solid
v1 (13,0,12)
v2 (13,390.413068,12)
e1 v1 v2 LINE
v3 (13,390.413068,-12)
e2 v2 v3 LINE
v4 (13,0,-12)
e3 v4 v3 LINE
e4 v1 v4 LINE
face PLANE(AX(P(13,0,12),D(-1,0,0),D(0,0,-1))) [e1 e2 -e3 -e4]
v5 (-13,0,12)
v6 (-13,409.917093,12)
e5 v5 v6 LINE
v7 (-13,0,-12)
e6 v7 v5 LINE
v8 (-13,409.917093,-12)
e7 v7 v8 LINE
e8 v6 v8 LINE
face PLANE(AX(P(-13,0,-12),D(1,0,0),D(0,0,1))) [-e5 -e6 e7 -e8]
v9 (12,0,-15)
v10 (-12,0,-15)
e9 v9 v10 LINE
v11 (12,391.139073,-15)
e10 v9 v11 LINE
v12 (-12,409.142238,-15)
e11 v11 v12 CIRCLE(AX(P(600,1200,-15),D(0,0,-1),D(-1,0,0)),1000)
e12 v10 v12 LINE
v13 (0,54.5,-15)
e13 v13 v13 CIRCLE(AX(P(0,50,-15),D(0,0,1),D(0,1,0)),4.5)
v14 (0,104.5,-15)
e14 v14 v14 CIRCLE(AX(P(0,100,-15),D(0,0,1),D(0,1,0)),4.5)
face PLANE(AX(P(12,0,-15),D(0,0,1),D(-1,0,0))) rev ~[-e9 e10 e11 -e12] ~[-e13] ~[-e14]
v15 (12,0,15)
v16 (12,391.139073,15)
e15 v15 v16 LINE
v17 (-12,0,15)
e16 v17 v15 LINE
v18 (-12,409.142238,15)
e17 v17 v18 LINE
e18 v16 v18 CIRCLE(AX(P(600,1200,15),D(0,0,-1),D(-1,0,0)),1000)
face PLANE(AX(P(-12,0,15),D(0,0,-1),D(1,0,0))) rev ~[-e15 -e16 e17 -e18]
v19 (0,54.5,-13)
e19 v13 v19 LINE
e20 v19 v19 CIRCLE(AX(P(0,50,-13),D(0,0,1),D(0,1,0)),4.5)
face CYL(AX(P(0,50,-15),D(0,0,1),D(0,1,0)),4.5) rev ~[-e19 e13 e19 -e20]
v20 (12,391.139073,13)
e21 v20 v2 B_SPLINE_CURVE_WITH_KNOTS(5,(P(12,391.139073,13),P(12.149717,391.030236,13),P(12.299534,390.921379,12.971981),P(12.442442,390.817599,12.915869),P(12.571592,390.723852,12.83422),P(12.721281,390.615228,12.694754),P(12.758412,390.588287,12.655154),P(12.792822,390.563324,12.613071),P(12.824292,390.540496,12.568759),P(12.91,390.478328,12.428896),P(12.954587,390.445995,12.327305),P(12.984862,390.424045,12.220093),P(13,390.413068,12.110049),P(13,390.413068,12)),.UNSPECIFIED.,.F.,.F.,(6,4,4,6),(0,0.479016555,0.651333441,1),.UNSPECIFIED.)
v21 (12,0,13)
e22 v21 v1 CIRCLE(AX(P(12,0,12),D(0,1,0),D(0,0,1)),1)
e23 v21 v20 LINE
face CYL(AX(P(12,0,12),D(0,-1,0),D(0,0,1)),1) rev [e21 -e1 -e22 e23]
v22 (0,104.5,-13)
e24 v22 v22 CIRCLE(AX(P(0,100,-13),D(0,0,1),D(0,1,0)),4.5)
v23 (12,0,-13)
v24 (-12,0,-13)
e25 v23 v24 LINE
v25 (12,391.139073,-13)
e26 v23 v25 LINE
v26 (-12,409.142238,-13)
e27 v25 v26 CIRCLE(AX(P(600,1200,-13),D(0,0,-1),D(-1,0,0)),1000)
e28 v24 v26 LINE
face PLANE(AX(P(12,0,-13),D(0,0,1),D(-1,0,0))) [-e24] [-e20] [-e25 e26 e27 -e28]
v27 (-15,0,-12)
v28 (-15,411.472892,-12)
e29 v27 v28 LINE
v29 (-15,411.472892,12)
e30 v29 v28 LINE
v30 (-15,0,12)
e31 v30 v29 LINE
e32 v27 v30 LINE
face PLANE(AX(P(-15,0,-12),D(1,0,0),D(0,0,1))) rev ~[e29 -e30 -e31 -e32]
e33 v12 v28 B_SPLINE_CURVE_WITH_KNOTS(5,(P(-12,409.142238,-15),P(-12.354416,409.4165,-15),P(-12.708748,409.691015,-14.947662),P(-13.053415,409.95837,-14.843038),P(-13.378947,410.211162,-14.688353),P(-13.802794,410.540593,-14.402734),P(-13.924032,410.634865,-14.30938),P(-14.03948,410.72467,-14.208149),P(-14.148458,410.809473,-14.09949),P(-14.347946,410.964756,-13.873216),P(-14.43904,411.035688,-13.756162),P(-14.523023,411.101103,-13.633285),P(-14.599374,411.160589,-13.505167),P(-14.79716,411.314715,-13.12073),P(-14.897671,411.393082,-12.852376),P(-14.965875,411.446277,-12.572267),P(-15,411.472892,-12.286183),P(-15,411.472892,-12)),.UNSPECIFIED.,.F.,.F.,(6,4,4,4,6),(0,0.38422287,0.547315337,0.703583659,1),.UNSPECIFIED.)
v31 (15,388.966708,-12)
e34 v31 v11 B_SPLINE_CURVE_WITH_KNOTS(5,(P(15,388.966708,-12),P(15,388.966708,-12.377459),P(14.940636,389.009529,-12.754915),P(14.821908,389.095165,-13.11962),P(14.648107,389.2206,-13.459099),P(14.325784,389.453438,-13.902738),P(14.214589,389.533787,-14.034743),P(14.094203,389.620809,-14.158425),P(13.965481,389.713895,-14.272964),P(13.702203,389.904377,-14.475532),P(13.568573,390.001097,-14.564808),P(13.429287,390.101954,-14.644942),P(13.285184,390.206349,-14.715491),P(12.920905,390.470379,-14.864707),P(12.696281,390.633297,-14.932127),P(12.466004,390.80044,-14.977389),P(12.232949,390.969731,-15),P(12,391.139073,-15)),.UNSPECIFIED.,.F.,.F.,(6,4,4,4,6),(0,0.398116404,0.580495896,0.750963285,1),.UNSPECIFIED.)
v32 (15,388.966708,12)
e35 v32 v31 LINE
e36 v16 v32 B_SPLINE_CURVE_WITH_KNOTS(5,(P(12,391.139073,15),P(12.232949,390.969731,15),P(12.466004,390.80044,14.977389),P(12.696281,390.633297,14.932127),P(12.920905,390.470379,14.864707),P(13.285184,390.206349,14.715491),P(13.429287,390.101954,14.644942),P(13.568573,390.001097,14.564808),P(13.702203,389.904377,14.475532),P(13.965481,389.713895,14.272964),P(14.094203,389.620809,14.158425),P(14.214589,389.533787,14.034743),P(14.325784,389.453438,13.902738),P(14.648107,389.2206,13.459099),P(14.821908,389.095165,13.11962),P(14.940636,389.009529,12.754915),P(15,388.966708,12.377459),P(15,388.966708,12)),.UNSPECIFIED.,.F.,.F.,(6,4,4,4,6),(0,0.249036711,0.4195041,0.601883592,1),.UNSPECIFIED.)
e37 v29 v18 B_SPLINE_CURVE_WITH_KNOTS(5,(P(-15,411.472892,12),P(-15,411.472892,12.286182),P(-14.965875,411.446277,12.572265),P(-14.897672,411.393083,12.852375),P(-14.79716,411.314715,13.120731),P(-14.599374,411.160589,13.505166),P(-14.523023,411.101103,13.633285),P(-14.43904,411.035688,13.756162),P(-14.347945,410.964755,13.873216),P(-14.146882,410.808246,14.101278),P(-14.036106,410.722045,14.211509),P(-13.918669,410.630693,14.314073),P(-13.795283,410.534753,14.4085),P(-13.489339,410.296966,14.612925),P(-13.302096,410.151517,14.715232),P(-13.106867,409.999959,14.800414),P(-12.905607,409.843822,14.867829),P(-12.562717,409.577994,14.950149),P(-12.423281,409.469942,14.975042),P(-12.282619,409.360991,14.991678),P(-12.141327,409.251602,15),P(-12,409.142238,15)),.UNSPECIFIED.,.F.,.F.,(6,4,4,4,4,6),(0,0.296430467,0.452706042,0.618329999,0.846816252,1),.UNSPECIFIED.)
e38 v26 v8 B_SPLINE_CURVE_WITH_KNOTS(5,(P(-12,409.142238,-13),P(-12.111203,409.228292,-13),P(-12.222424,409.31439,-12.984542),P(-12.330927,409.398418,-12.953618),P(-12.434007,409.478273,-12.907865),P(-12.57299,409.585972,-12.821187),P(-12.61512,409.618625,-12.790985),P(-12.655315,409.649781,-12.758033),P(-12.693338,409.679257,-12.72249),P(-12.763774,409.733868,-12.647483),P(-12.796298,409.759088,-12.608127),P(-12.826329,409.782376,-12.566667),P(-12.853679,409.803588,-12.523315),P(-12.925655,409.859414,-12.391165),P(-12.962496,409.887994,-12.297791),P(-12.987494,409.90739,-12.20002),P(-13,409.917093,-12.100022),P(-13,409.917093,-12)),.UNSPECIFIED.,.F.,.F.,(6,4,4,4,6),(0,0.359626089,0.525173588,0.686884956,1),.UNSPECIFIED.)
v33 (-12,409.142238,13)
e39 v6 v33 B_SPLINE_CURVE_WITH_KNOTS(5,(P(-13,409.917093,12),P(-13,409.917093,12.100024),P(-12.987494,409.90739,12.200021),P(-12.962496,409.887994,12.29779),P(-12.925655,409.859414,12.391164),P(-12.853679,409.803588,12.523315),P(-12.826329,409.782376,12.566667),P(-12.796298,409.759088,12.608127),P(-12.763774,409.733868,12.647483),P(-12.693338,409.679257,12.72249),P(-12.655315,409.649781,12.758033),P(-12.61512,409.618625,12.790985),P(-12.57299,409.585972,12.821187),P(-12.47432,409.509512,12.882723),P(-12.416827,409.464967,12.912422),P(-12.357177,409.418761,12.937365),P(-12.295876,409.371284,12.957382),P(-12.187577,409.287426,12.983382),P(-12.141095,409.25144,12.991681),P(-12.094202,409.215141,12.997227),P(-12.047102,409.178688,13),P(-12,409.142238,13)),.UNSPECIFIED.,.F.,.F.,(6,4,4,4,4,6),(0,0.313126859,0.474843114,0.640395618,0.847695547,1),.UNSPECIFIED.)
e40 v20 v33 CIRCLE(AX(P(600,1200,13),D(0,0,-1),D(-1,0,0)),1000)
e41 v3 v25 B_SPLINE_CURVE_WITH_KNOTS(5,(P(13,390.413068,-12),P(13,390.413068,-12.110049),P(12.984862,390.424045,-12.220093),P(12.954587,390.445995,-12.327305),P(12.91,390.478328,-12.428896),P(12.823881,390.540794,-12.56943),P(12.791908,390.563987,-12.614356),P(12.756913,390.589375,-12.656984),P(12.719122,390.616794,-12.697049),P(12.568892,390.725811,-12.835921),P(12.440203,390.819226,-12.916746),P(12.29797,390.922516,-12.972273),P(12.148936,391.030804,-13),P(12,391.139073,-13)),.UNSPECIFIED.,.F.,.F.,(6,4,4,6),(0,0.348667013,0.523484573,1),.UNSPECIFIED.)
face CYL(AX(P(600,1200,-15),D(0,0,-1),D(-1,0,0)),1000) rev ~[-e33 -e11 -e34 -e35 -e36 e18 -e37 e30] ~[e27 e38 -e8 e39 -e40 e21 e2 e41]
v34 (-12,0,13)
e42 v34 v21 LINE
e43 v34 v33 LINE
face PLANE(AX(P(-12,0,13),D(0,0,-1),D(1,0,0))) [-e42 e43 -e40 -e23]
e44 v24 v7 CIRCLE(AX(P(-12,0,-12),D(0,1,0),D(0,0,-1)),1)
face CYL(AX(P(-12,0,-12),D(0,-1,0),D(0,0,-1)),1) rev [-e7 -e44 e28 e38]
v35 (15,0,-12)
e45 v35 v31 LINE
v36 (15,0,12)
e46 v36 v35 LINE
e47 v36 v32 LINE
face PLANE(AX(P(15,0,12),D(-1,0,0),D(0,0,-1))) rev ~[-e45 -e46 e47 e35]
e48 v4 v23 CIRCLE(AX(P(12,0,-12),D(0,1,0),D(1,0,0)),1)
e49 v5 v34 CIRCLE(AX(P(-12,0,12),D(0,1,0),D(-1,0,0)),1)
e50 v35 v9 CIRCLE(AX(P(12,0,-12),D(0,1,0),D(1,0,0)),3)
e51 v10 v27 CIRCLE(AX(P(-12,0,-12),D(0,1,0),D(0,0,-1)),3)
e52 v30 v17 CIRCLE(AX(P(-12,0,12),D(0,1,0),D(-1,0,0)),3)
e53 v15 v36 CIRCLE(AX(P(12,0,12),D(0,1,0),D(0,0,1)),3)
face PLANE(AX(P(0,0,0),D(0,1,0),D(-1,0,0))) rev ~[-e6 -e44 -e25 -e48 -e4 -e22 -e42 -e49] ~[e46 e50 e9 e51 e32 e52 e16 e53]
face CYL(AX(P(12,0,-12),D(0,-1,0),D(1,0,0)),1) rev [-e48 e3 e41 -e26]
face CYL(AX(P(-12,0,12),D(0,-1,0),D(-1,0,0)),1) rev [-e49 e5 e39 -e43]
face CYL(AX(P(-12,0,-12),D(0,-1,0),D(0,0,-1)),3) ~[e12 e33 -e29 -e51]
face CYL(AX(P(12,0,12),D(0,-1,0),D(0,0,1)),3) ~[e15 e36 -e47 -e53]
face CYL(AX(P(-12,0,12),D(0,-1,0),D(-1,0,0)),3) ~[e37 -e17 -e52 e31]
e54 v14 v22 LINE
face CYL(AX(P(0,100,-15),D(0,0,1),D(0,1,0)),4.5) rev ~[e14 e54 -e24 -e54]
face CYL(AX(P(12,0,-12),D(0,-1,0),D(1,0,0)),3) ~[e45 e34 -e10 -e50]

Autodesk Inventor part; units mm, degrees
ref_plane "XZ Plane" through (0, 0, 0) normal (0, 1, 0) x (-1, 0, 0)
sketch "Sketch1" plane through (0, 0, 0) normal (0, 1, 0) x (-1, 0, 0)
  line L0 (-12, 14) -> (12, 14) construction
  line L1 (14, 12) -> (14, -12) construction
  line L2 (12, -14) -> (-12, -14) construction
  line L3 (-14, -12) -> (-14, 12) construction
  line L4 (-14, 14) -> (14, -14) construction
  line L5 (14, 14) -> (-14, -14) construction
  arc A0 (14, 12) -> (12, 14) centre (12, 12) ccw construction
  arc A1 (12, -14) -> (14, -12) centre (12, -12) ccw construction
  arc A2 (-14, -12) -> (-12, -14) centre (-12, -12) ccw construction
  arc A3 (-12, 14) -> (-14, 12) centre (-12, 12) ccw construction
  line L6 (-12, -15) -> (12, -15)
  arc A4 (12, -15) -> (15, -12) centre (12, -12) ccw
  line L7 (15, -12) -> (15, 12)
  arc A5 (15, 12) -> (12, 15) centre (12, 12) ccw
  line L8 (12, 15) -> (-12, 15)
  arc A6 (-12, 15) -> (-15, 12) centre (-12, 12) ccw
  line L9 (-15, 12) -> (-15, -12)
  arc A7 (-15, -12) -> (-12, -15) centre (-12, -12) ccw
  line L10 (13, -12) -> (13, 12)
  arc A8 (13, 12) -> (12, 13) centre (12, 12) ccw
  line L11 (12, 13) -> (-12, 13)
  arc A9 (-12, 13) -> (-13, 12) centre (-12, 12) ccw
  line L12 (-13, 12) -> (-13, -12)
  arc A10 (-13, -12) -> (-12, -13) centre (-12, -12) ccw
  line L13 (-12, -13) -> (12, -13)
  arc A11 (12, -13) -> (13, -12) centre (12, -12) ccw
  point P0 (0, 0)
  point P1 (0, 0)
  point P2 (0, 0)
  dimension "d10" = 2
  dimension "depth" = 30
  dimension "width" = 30
  dimension "thickness" = 2
extrude "Extrusion1" add sketch "Sketch1" along normal blind 500
sketch "Sketch2" plane through (12, 0, -15) normal (0, 0, -1) x (-1, 0, 0)
  line L0 (12, -470) -> (12, 2820) construction
  line L1 (0, 0) -> (24, 0) projected
  point P0 (12, 0)
  point P1 (12, 50)
  point P2 (12, 100)
  dimension "d16" = 50
  dimension "d17" = 50
hole "Hole1" at (0, 50, -15) at (0, 100, -15) direction (0, 0, 1) diameter 9 depth 20.2 tip angle 118
sketch "Sketch3" plane through (12, 0, -15) normal (0, 0, -1) x (-1, 0, 0)
  line L0 (12, -100) -> (12, 600) construction
  circle A0 centre (-588, 1200) radius 1000
  point P0 (12, 0)
  dimension "d29" = 2000
  dimension "d31" = 1200
  dimension "d34" = 600
extrude "Extrusion2" cut sketch "Sketch3" against normal through all
equation "\"d10\" = thickness"
properties part number "noga do okraglej duzej P" material "Steel"
